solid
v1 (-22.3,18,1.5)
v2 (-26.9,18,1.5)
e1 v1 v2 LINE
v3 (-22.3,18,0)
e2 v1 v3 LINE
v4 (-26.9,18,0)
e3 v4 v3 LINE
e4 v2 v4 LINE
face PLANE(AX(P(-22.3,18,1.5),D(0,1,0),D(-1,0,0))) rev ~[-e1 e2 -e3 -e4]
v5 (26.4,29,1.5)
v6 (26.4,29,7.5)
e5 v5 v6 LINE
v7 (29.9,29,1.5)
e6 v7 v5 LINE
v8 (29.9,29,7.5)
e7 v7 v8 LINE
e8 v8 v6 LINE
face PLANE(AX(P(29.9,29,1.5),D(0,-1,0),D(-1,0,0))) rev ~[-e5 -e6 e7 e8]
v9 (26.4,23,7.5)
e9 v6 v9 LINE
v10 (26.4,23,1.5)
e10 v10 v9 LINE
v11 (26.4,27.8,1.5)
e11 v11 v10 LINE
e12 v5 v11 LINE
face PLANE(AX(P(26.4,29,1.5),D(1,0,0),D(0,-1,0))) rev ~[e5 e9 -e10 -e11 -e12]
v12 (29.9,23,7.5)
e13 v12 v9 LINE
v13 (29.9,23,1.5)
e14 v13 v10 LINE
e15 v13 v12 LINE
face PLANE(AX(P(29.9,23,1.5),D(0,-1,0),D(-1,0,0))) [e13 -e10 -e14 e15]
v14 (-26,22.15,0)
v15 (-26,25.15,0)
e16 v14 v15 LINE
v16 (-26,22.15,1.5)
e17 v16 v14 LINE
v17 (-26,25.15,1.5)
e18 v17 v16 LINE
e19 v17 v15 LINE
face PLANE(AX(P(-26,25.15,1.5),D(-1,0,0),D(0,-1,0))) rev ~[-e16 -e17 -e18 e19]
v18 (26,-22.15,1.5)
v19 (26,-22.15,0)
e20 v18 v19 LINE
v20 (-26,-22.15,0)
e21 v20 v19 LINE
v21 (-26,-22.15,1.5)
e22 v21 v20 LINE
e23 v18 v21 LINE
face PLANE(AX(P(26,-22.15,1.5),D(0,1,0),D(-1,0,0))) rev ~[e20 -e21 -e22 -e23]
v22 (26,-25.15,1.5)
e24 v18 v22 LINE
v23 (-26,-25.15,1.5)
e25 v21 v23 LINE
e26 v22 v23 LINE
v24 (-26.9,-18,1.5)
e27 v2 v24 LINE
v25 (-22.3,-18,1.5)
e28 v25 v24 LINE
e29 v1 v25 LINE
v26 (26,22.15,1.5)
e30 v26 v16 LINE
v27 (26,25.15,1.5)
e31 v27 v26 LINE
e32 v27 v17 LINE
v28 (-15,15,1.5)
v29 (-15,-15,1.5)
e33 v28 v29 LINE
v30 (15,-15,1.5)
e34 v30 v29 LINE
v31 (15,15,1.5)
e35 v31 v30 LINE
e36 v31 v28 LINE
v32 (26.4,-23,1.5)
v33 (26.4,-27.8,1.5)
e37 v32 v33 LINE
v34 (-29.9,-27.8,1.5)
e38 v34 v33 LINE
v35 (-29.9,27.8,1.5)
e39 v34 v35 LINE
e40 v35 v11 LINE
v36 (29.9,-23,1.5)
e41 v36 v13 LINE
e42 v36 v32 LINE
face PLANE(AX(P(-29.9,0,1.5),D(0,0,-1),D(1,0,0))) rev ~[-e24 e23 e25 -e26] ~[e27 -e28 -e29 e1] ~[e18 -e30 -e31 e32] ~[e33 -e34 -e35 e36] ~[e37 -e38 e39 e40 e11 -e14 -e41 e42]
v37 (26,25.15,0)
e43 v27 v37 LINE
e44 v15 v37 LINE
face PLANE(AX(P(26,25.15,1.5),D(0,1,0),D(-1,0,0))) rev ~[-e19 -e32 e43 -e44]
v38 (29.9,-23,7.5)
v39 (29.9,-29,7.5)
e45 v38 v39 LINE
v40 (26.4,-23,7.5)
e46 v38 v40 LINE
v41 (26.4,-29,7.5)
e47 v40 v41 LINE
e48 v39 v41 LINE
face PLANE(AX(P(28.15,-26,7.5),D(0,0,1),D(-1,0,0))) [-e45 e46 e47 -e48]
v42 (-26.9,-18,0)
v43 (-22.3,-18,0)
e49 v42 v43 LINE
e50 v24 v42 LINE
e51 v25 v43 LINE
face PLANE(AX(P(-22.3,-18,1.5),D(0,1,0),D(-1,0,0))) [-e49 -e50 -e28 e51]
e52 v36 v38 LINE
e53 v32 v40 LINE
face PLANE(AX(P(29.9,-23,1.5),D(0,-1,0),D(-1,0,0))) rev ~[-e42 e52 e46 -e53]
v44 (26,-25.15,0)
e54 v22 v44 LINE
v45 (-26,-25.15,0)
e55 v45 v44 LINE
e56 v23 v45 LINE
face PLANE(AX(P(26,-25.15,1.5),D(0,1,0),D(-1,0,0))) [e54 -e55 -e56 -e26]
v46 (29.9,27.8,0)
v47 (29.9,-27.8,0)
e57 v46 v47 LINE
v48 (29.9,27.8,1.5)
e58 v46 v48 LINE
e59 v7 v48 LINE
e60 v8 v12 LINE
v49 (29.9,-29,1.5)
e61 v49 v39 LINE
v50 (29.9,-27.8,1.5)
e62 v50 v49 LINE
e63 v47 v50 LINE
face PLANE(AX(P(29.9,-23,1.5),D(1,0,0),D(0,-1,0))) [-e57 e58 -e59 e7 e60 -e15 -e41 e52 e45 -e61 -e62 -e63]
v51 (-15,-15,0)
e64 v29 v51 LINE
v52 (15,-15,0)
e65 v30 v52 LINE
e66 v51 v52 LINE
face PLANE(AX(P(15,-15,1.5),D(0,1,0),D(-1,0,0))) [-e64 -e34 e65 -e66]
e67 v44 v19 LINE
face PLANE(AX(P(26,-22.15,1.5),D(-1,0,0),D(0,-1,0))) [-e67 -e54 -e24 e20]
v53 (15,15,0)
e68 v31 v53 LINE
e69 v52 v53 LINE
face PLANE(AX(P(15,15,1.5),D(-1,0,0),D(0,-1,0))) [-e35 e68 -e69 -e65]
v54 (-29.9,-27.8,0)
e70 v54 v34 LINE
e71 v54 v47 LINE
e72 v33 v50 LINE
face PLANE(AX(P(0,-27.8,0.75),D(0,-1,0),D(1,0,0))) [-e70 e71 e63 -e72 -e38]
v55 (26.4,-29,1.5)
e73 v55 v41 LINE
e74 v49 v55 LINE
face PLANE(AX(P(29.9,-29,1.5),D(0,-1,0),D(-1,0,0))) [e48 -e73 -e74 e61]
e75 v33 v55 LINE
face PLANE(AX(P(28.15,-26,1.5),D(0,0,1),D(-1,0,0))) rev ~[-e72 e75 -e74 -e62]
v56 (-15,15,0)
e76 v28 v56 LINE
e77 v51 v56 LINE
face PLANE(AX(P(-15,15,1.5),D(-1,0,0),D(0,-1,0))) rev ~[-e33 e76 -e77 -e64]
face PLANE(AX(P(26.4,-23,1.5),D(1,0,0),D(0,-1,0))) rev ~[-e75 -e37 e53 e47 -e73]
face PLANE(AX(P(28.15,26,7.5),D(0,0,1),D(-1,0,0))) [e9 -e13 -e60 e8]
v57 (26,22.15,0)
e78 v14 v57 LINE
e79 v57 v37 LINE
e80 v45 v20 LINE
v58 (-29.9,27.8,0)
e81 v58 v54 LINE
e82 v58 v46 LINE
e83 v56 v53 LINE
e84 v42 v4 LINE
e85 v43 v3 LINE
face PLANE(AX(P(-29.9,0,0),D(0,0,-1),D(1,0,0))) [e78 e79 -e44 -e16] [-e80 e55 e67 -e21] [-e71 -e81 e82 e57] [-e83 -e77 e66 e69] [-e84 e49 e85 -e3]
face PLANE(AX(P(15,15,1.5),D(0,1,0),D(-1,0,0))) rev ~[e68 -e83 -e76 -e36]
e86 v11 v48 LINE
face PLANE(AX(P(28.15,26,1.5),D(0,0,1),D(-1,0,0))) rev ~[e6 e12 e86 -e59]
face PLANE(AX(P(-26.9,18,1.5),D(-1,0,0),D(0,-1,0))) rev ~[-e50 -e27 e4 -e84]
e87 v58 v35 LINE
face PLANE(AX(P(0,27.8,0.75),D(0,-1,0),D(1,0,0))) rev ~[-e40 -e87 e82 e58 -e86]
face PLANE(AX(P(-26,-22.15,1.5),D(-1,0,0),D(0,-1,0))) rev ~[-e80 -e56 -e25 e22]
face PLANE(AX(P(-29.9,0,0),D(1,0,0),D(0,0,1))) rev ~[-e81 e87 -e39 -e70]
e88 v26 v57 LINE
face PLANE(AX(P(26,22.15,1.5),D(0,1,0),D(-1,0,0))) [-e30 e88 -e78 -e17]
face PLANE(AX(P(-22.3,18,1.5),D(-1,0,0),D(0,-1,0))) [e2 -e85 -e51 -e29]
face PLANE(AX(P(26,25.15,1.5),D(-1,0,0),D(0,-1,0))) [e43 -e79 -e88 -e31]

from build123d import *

# Parameters (mm, degrees)
SKETCH_W        = 59.8
SKETCH_H        = 1.5
PAD_DEPTH       = 27.8
SKETCH002_W     = 52
SKETCH002_H     = 3
SKETCH002_W_2   = 30
SKETCH002_H_2   = 30
SKETCH002_W_3   = 4.6
SKETCH002_H_3   = 36
POCKET_DEPTH    = 5
SKETCH003_W     = 3.5
SKETCH003_H     = 6
PAD001_DEPTH    = 6
SKETCH004_R     = 1.75
POCKET001_DEPTH = 5


with BuildPart() as part:
    # Sketch → Pad (new body, symmetric)
    with BuildSketch(Plane.XZ):
        with Locations((0, 0.75)):
            Rectangle(SKETCH_W, SKETCH_H)
    extrude(amount=PAD_DEPTH, both=True)

    # Sketch002 → Pocket (cut)
    with BuildSketch(Plane(origin=(0, 0, 1.5), x_dir=(-1, 0, 0), z_dir=(0, 0, 1))):
        with Locations((0, 23.65)):
            Rectangle(SKETCH002_W, SKETCH002_H)
        with Locations((0, -23.65)):
            Rectangle(SKETCH002_W, SKETCH002_H)
        Rectangle(SKETCH002_W_2, SKETCH002_H_2)
        with Locations((24.6, 0)):
            Rectangle(SKETCH002_W_3, SKETCH002_H_3)
    extrude(amount=-POCKET_DEPTH, mode=Mode.SUBTRACT)

    # Sketch003 → Pad001 (new body)
    with BuildSketch(Plane(origin=(0, 0, 1.5), x_dir=(-1, 0, 0), z_dir=(0, 0, 1))):
        with Locations((-28.15, 26)):
            Rectangle(SKETCH003_W, SKETCH003_H)
        with Locations((-28.15, -26)):
            Rectangle(SKETCH003_W, SKETCH003_H)
    extrude(amount=PAD001_DEPTH)

    # Sketch004 → Pocket001 (cut)
    with BuildSketch(Plane(origin=(-26, 0, 0), x_dir=(0, 0, 1), z_dir=(1, 0, 0))):
        with Locations((-4.5, -25.5)):
            Circle(SKETCH004_R)
        with Locations((-4.5, 25.5)):
            Circle(SKETCH004_R)
    extrude(amount=-POCKET001_DEPTH, mode=Mode.SUBTRACT)


solid = part.part
